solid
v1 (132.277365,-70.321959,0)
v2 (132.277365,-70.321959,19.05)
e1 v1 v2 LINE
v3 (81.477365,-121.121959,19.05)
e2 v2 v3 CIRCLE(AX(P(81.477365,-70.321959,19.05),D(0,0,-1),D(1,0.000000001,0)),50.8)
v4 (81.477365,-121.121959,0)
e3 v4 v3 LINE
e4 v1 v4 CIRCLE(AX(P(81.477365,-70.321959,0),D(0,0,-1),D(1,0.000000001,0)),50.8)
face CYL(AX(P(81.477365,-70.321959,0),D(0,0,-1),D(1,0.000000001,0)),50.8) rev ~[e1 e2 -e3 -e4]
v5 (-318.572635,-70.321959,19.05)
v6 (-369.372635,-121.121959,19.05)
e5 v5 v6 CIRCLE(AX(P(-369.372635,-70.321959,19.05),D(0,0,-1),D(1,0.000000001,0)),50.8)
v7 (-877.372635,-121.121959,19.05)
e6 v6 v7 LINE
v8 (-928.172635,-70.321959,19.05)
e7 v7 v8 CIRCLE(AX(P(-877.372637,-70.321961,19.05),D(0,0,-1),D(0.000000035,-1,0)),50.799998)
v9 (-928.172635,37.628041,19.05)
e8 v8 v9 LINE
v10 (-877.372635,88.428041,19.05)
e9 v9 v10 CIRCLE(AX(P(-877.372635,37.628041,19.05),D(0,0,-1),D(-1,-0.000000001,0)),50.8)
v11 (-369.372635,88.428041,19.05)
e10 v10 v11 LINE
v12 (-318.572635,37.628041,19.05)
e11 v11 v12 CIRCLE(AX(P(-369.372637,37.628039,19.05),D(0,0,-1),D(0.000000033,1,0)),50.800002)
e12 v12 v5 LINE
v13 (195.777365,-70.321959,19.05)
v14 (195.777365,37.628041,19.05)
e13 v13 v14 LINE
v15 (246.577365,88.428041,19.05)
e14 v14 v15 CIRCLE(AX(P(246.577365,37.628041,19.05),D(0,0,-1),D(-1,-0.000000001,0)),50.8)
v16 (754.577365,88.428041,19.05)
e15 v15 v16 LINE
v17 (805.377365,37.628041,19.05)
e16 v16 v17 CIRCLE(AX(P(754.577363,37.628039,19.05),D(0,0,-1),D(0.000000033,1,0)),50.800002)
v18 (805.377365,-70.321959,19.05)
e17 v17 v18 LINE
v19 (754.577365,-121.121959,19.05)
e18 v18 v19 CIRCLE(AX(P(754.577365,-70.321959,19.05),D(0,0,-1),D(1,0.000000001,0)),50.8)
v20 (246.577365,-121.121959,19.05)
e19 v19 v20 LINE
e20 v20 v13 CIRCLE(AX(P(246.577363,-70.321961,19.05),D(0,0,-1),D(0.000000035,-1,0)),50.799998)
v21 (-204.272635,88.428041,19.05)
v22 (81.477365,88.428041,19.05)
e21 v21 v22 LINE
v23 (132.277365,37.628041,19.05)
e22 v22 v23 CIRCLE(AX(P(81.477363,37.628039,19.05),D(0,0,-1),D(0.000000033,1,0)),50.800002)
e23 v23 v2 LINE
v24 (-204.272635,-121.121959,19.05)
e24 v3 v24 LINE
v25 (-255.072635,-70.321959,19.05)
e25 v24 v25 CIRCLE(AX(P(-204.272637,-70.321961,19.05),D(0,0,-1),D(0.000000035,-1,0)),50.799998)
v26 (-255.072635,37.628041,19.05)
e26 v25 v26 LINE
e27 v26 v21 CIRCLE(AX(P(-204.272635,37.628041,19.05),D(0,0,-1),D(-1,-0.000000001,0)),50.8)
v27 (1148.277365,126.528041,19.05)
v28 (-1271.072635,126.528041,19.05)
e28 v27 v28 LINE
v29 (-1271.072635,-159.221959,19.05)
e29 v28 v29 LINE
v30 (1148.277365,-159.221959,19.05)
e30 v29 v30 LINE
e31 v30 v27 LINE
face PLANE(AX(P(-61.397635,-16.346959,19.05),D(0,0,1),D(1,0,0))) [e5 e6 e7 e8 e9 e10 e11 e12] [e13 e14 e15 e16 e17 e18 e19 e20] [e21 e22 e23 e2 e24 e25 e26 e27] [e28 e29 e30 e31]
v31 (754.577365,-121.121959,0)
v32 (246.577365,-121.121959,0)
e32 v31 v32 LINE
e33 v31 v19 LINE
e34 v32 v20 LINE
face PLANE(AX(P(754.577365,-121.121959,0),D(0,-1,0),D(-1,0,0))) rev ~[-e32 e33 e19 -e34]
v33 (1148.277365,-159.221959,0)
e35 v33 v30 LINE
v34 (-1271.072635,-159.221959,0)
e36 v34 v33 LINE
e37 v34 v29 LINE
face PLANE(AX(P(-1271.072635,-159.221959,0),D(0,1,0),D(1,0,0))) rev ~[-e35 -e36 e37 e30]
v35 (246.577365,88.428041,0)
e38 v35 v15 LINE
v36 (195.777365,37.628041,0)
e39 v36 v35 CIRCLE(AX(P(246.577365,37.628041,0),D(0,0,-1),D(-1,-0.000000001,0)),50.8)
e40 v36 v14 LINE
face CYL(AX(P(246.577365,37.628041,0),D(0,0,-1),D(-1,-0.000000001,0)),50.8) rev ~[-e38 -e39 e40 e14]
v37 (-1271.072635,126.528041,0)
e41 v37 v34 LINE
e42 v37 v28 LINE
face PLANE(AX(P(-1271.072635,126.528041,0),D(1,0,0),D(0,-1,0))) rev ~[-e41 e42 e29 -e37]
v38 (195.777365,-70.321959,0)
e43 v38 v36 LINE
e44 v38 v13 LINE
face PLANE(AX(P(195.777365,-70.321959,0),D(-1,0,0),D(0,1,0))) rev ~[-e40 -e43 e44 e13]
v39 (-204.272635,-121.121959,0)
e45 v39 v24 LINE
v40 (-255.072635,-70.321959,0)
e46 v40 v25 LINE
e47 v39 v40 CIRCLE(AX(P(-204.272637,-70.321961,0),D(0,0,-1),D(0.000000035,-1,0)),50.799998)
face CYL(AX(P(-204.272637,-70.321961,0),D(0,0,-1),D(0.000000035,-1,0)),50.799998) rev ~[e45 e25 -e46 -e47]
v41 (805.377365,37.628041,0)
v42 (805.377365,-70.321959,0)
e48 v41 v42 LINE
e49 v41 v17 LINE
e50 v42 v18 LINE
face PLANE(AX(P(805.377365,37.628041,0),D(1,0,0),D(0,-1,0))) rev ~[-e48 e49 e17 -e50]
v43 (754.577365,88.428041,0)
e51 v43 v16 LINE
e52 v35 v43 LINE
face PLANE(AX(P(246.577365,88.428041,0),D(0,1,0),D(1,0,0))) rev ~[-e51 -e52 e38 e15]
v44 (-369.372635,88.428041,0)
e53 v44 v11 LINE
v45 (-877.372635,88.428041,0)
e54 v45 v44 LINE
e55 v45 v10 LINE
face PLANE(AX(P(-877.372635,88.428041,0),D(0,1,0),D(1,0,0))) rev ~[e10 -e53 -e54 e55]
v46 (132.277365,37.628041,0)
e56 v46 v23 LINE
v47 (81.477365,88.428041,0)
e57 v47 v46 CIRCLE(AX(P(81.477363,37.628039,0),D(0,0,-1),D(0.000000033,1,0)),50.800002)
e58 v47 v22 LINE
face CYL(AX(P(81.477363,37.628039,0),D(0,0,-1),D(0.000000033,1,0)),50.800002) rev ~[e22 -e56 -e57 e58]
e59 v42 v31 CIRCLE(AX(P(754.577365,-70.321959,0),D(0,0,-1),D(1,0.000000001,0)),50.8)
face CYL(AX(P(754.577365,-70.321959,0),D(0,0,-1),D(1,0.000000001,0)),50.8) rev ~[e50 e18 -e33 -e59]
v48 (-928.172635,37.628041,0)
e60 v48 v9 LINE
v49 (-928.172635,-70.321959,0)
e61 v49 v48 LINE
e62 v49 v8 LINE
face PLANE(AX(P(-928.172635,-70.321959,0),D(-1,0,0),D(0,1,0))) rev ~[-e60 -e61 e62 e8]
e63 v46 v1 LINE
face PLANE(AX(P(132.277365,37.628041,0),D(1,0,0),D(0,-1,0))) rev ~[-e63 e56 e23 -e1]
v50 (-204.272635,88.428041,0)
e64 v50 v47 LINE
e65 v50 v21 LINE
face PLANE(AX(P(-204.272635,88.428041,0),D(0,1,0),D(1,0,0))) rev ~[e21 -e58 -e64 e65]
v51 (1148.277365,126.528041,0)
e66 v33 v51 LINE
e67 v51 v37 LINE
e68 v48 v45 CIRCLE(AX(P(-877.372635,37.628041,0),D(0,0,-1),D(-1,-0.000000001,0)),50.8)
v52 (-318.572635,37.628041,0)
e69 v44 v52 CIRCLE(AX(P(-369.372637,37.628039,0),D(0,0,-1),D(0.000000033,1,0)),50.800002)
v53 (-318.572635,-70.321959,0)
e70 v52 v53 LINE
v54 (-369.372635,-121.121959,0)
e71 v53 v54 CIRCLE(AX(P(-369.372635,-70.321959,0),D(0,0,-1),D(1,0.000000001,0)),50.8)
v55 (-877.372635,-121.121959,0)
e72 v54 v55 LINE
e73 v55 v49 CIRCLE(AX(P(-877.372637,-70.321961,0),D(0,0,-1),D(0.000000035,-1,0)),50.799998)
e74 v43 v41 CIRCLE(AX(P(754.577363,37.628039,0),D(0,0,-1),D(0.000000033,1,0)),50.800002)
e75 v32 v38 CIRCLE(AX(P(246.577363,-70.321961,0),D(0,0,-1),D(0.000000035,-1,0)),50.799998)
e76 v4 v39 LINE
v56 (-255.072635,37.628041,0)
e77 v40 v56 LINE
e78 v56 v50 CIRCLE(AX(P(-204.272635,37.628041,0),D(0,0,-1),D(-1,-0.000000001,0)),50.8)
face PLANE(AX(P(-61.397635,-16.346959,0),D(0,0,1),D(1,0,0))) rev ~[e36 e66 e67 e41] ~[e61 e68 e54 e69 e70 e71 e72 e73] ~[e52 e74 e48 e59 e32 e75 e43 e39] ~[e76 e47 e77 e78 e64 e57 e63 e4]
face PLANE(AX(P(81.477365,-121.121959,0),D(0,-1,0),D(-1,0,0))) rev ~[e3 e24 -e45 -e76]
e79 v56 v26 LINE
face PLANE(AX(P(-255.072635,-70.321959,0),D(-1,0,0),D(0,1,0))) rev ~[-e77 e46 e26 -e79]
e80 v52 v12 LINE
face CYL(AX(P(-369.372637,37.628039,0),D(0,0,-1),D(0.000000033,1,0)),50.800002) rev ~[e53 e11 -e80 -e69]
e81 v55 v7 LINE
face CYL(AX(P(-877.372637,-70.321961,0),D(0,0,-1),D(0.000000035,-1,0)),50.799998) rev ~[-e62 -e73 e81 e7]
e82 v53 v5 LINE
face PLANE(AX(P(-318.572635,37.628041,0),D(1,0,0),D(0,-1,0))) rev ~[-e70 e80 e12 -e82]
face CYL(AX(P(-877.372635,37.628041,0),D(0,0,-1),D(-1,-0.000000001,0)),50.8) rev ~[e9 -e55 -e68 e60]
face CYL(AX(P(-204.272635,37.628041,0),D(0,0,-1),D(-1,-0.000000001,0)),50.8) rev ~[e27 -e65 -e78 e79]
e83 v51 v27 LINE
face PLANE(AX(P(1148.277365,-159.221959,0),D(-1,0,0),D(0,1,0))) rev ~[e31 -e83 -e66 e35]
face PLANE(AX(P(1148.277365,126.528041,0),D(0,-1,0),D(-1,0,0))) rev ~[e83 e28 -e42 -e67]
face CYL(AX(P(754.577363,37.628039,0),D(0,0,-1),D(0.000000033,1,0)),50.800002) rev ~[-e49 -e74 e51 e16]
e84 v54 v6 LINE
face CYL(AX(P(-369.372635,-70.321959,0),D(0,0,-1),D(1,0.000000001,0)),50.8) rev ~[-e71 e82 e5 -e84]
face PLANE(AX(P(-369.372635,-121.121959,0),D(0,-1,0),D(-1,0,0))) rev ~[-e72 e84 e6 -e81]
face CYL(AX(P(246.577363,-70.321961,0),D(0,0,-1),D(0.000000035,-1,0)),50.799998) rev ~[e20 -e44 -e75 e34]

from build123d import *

# Parameters (mm, degrees)
F0_W     = 177.8
F0_H     = 19.05
F1_DEPTH = 19.05


with BuildPart() as f1:
    # F0 (on Top) → F1 (new body)
    with BuildSketch(Plane.XY):
        Polygon((-1137.722635, 126.528041), (-1271.072635, 126.528041), (-1271.072635, -159.221959), (-1137.722635, -159.221959), (-1137.722635, -140.171959), (-959.922635, -140.171959), (-959.922635, -159.221959), (-928.172635, -159.221959), (-318.572635, -159.221959), (837.127365, -159.221959), (837.127365, -140.171959), (1014.927365, -140.171959), (1014.927365, -159.221959), (1148.277365, -159.221959), (1148.277365, 126.528041), (1014.927365, 126.528041), (1014.927365, 107.478041), (837.127365, 107.478041), (837.127365, 126.528041), (-318.572635, 126.528041), (-928.172635, 126.528041), (-959.922635, 126.528041), (-959.922635, 107.478041), (-1137.722635, 107.478041), align=None)
        with BuildLine():
            Line((-928.172635, -70.321959), (-928.172635, 37.628041))
            ThreePointArc((-928.172635, 37.628041), (-913.29366, 73.549065), (-877.372635, 88.428041))
            Line((-877.372635, 88.428041), (-369.372635, 88.428041))
            ThreePointArc((-369.372635, 88.428041), (-333.451611, 73.549065), (-318.572635, 37.628041))
            Line((-318.572635, 37.628041), (-318.572635, -70.321959))
            ThreePointArc((-318.572635, -70.321959), (-333.451611, -106.242984), (-369.372635, -121.121959))
            Line((-369.372635, -121.121959), (-877.372635, -121.121959))
            ThreePointArc((-877.372635, -121.121959), (-913.29366, -106.242984), (-928.172635, -70.321959))
        make_face(mode=Mode.SUBTRACT)
        with BuildLine():
            Line((81.477365, -121.121959), (-204.272635, -121.121959))
            ThreePointArc((-204.272635, -121.121959), (-240.19366, -106.242984), (-255.072635, -70.321959))
            Line((-255.072635, -70.321959), (-255.072635, 37.628041))
            ThreePointArc((-255.072635, 37.628041), (-240.19366, 73.549065), (-204.272635, 88.428041))
            Line((-204.272635, 88.428041), (81.477365, 88.428041))
            ThreePointArc((81.477365, 88.428041), (117.398389, 73.549065), (132.277365, 37.628041))
            Line((132.277365, 37.628041), (132.277365, -70.321959))
            ThreePointArc((132.277365, -70.321959), (117.398389, -106.242984), (81.477365, -121.121959))
        make_face(mode=Mode.SUBTRACT)
        with BuildLine():
            Line((754.577365, -121.121959), (246.577365, -121.121959))
            ThreePointArc((246.577365, -121.121959), (210.65634, -106.242984), (195.777365, -70.321959))
            Line((195.777365, -70.321959), (195.777365, 37.628041))
            ThreePointArc((195.777365, 37.628041), (210.65634, 73.549065), (246.577365, 88.428041))
            Line((246.577365, 88.428041), (754.577365, 88.428041))
            ThreePointArc((754.577365, 88.428041), (790.498389, 73.549065), (805.377365, 37.628041))
            Line((805.377365, 37.628041), (805.377365, -70.321959))
            ThreePointArc((805.377365, -70.321959), (790.498389, -106.242984), (754.577365, -121.121959))
        make_face(mode=Mode.SUBTRACT)
        with Locations((-1048.822635, 117.003041)):
            Rectangle(F0_W, F0_H)
        with Locations((-1048.822635, -149.696959)):
            Rectangle(F0_W, F0_H)
        with Locations((926.027365, 117.003041)):
            Rectangle(F0_W, F0_H)
        with Locations((926.027365, -149.696959)):
            Rectangle(F0_W, F0_H)
    extrude(amount=F1_DEPTH)


solid = f1.part
